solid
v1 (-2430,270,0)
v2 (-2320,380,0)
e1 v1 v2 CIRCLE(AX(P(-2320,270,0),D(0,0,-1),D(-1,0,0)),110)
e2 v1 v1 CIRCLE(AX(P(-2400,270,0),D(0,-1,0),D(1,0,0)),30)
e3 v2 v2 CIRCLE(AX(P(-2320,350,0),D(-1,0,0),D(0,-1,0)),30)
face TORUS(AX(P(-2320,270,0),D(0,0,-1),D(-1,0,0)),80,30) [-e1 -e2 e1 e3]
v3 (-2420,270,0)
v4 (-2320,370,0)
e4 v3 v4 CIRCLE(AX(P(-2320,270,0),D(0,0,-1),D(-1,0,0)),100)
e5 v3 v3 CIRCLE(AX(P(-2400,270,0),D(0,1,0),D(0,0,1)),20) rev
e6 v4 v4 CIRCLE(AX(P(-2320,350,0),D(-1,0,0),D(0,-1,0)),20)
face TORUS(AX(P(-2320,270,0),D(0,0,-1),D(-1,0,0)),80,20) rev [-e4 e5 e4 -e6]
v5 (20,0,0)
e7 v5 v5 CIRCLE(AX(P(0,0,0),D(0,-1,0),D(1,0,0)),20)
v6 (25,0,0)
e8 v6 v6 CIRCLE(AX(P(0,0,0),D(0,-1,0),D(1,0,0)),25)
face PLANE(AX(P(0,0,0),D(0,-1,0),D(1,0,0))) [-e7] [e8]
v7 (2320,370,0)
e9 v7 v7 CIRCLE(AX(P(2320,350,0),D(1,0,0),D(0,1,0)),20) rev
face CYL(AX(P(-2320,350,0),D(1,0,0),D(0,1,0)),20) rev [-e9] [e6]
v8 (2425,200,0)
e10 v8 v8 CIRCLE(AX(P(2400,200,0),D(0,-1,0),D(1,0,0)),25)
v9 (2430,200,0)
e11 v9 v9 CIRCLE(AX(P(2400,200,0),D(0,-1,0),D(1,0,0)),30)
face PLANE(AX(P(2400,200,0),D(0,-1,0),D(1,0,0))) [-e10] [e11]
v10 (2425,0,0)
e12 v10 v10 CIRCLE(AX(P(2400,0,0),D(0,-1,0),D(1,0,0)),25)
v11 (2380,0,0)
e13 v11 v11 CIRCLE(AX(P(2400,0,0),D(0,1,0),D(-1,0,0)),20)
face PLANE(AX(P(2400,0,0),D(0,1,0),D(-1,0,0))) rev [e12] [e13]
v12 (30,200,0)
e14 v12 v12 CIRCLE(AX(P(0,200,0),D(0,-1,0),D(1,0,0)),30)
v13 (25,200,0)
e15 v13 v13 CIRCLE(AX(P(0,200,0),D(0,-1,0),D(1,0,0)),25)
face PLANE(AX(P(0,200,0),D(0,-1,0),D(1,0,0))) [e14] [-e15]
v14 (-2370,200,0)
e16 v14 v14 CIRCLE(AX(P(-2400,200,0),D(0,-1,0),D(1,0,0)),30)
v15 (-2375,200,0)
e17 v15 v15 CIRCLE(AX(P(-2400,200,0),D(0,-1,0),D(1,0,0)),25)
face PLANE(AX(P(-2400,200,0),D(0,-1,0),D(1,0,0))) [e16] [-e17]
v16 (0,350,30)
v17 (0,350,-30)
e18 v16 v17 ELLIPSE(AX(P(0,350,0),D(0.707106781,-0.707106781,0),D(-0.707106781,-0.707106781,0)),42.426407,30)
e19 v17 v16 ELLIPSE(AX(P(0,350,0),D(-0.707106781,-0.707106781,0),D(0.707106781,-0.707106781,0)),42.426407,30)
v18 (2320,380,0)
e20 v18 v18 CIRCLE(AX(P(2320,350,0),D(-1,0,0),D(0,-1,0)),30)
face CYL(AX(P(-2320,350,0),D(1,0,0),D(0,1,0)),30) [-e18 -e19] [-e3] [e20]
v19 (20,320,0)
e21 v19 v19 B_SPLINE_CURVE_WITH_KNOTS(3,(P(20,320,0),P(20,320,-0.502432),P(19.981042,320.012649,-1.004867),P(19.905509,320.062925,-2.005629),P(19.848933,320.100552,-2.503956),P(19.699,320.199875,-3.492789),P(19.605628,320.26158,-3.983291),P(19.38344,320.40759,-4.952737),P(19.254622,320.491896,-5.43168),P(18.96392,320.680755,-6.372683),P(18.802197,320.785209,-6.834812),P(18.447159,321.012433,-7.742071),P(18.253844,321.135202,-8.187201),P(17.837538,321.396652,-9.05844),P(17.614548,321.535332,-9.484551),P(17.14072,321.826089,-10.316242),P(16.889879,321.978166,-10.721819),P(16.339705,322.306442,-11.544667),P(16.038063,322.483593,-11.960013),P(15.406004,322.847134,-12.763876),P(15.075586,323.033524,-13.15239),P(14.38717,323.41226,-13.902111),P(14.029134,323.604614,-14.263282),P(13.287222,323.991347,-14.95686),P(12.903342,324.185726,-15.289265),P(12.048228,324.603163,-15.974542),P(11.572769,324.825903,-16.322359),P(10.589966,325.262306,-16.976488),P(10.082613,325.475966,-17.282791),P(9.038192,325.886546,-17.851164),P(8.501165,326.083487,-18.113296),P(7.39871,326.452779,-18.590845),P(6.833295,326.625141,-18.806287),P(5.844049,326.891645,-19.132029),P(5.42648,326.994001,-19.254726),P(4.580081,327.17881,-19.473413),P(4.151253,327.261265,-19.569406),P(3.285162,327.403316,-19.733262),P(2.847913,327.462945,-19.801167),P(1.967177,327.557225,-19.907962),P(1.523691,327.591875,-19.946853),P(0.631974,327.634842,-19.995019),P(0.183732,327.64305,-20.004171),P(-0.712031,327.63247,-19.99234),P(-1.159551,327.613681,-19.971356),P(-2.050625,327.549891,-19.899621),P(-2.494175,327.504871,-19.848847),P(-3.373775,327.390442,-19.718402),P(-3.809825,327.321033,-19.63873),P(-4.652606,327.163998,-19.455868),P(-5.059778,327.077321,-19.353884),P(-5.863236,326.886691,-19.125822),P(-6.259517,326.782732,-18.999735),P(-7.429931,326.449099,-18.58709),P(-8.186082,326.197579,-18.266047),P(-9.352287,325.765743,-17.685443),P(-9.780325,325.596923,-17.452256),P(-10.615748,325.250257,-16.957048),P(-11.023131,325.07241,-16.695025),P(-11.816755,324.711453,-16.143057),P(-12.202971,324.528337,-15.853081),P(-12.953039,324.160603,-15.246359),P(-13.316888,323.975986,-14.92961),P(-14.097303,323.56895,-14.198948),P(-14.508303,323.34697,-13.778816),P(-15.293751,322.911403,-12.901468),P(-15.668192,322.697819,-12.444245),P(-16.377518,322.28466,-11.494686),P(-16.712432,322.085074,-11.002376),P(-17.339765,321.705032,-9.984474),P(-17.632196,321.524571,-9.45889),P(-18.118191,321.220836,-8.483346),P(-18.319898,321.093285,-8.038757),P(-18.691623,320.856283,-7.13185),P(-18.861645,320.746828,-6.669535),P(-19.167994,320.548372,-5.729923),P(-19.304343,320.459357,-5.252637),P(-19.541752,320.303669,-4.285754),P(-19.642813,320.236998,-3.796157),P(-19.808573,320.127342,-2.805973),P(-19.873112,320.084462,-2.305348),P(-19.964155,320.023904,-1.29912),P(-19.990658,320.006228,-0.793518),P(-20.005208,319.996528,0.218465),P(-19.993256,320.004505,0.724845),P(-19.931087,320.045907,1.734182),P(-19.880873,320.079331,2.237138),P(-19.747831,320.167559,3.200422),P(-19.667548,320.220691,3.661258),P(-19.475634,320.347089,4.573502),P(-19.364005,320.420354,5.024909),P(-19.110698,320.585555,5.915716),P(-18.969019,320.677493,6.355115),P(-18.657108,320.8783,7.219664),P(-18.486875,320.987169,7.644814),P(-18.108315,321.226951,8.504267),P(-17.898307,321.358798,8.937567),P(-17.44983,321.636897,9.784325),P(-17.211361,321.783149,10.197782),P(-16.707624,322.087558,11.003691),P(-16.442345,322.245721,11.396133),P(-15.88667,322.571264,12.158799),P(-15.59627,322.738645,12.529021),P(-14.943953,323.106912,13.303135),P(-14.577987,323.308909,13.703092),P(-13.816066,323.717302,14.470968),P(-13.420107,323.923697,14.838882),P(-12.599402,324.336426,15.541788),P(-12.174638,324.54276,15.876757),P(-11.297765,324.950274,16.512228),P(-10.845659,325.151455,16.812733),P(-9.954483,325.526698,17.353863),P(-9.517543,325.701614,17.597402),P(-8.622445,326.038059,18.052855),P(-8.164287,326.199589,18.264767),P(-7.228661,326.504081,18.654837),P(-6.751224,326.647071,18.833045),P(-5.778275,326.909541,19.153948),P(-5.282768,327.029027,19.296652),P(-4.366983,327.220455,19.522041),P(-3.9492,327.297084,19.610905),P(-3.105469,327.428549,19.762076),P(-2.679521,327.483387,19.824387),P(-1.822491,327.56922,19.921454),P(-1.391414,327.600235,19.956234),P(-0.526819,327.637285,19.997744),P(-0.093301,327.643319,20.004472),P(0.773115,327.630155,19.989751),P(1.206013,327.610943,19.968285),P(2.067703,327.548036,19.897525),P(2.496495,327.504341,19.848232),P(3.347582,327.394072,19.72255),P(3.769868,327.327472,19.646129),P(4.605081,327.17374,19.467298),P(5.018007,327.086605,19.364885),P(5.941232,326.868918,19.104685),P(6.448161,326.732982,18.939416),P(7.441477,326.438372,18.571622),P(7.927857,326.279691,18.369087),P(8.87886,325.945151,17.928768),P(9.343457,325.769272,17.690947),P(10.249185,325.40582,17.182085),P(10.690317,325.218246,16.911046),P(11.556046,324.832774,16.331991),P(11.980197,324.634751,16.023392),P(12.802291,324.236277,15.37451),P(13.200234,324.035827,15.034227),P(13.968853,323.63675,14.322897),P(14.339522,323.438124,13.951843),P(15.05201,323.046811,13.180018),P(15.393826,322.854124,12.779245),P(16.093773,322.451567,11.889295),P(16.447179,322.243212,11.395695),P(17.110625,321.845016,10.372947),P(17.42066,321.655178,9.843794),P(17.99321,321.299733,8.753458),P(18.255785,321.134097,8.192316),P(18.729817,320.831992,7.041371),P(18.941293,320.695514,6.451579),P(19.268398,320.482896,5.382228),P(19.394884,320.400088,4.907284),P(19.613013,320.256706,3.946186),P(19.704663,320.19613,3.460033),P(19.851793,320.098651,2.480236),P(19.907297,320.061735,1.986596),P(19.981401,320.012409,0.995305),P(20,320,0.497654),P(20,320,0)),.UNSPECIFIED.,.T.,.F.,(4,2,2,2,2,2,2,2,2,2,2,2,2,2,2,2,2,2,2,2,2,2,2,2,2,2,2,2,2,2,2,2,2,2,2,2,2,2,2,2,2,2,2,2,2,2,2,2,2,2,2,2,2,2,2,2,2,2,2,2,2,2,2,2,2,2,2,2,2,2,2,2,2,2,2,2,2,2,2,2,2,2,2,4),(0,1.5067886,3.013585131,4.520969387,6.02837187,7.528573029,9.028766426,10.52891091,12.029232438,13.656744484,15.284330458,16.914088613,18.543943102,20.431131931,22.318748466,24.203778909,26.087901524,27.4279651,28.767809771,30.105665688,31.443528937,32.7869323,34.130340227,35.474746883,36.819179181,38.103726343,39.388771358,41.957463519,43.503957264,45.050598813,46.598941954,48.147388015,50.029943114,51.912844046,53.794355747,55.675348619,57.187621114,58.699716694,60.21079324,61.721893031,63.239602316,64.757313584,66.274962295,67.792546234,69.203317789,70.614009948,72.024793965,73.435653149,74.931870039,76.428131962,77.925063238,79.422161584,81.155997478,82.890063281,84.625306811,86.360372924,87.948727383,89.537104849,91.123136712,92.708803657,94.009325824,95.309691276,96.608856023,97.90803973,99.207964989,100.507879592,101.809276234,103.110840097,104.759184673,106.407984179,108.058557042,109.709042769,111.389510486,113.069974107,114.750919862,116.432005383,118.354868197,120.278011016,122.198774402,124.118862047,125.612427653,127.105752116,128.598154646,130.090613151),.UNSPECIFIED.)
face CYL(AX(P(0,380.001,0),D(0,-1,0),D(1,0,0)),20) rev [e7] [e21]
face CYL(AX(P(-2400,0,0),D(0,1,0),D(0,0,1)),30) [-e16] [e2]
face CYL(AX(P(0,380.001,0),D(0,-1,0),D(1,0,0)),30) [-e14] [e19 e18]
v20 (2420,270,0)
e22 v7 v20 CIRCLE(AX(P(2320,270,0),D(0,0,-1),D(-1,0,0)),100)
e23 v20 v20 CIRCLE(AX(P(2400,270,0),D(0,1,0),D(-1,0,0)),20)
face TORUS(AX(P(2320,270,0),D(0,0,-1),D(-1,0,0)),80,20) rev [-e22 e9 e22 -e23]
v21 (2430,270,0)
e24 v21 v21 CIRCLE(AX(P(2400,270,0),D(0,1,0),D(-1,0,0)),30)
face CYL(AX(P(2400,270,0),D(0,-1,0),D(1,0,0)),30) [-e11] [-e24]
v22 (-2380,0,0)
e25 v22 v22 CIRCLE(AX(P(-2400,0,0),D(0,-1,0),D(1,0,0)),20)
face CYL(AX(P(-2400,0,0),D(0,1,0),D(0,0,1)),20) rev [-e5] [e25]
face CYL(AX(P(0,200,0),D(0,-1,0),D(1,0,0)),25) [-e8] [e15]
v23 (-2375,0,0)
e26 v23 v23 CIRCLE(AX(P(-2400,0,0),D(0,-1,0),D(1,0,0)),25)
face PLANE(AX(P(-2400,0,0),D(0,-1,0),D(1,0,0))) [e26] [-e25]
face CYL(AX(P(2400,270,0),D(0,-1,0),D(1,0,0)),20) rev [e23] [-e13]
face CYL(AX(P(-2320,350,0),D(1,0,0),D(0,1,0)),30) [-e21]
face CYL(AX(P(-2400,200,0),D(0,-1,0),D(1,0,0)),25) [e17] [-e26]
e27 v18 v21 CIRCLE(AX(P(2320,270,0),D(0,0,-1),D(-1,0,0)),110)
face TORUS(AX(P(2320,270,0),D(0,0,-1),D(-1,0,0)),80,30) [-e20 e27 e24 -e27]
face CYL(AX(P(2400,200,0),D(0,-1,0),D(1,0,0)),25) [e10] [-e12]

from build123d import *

# Parameters (mm, degrees)
SWEEP_1_PROFILE_R    = 30
SWEEP_1_PROFILE_R_2  = 20
EXTRUDE_1_REACH      = 2461.715
EXTRUDE_1_END_RADIUS = 30
SKETCH_78_R          = 30
SKETCH_78_R_2        = 20
SKETCH_79_R          = 30
SKETCH_79_R_2        = 25
CUT_EXTRUDE_1_DEPTH  = 200


with BuildPart() as part:
    # 扫描-薄件1: sweep along a path in 草图1
    with BuildLine(Plane.XY) as sweep_1_path:
        Line((-2400, 0), (-2400, 270))
        ThreePointArc((-2400, 270), (-2376.568542495, 326.568542495), (-2320, 350))
        Line((-2320, 350), (2320, 350))
        ThreePointArc((2320, 350), (2376.568542495, 326.568542495), (2400, 270))
        Line((2400, 270), (2400, 0))
    # 扫描-薄件1 profile (on start of the path) → 扫描-薄件1 (sweep)
    with BuildSketch(Plane(origin=(-2400, 0, 0), x_dir=(0, 0, 1), z_dir=(0, 1, 0))):
        Circle(SWEEP_1_PROFILE_R)
        Circle(SWEEP_1_PROFILE_R_2, mode=Mode.SUBTRACT)
    sweep(path=sweep_1_path.line)

    # 凸台-拉伸1: up to this cylinder (the profile starts outside it)
    extrude_1_end = Plane(origin=(-29.151472, 350, 0), z_dir=(1, 0, 0)) * Cylinder(EXTRUDE_1_END_RADIUS, 4984.43, mode=Mode.PRIVATE)
    # 草图78 → 凸台-拉伸1 (add, up to the surface)
    with BuildSketch(Plane.XZ, mode=Mode.PRIVATE) as extrude_1_sk1:
        Circle(SKETCH_78_R)
        Circle(SKETCH_78_R_2, mode=Mode.SUBTRACT)
    extrude_1_tool1 = extrude(extrude_1_sk1.sketch, amount=-EXTRUDE_1_REACH, mode=Mode.PRIVATE) - extrude_1_end
    add(extrude_1_tool1.solids().sort_by_distance((-29.151472, 0, 0))[0])

    # 草图79 → 切除-拉伸1 (cut)
    # profile 1 of 3: a face of its own
    with BuildSketch(Plane.XZ):
        with Locations((-2400, 0)):
            Circle(SKETCH_79_R)
        with Locations((-2400, 0)):
            Circle(SKETCH_79_R_2, mode=Mode.SUBTRACT)
    # profile 2 of 3: a face of its own
    with BuildSketch(Plane.XZ):
        Circle(SKETCH_79_R)
        Circle(SKETCH_79_R_2, mode=Mode.SUBTRACT)
    # profile 3 of 3: a face of its own
    with BuildSketch(Plane.XZ):
        with Locations((2400, 0)):
            Circle(SKETCH_79_R)
        with Locations((2400, 0)):
            Circle(SKETCH_79_R_2, mode=Mode.SUBTRACT)
    extrude(amount=-CUT_EXTRUDE_1_DEPTH, mode=Mode.SUBTRACT)


solid = part.part
